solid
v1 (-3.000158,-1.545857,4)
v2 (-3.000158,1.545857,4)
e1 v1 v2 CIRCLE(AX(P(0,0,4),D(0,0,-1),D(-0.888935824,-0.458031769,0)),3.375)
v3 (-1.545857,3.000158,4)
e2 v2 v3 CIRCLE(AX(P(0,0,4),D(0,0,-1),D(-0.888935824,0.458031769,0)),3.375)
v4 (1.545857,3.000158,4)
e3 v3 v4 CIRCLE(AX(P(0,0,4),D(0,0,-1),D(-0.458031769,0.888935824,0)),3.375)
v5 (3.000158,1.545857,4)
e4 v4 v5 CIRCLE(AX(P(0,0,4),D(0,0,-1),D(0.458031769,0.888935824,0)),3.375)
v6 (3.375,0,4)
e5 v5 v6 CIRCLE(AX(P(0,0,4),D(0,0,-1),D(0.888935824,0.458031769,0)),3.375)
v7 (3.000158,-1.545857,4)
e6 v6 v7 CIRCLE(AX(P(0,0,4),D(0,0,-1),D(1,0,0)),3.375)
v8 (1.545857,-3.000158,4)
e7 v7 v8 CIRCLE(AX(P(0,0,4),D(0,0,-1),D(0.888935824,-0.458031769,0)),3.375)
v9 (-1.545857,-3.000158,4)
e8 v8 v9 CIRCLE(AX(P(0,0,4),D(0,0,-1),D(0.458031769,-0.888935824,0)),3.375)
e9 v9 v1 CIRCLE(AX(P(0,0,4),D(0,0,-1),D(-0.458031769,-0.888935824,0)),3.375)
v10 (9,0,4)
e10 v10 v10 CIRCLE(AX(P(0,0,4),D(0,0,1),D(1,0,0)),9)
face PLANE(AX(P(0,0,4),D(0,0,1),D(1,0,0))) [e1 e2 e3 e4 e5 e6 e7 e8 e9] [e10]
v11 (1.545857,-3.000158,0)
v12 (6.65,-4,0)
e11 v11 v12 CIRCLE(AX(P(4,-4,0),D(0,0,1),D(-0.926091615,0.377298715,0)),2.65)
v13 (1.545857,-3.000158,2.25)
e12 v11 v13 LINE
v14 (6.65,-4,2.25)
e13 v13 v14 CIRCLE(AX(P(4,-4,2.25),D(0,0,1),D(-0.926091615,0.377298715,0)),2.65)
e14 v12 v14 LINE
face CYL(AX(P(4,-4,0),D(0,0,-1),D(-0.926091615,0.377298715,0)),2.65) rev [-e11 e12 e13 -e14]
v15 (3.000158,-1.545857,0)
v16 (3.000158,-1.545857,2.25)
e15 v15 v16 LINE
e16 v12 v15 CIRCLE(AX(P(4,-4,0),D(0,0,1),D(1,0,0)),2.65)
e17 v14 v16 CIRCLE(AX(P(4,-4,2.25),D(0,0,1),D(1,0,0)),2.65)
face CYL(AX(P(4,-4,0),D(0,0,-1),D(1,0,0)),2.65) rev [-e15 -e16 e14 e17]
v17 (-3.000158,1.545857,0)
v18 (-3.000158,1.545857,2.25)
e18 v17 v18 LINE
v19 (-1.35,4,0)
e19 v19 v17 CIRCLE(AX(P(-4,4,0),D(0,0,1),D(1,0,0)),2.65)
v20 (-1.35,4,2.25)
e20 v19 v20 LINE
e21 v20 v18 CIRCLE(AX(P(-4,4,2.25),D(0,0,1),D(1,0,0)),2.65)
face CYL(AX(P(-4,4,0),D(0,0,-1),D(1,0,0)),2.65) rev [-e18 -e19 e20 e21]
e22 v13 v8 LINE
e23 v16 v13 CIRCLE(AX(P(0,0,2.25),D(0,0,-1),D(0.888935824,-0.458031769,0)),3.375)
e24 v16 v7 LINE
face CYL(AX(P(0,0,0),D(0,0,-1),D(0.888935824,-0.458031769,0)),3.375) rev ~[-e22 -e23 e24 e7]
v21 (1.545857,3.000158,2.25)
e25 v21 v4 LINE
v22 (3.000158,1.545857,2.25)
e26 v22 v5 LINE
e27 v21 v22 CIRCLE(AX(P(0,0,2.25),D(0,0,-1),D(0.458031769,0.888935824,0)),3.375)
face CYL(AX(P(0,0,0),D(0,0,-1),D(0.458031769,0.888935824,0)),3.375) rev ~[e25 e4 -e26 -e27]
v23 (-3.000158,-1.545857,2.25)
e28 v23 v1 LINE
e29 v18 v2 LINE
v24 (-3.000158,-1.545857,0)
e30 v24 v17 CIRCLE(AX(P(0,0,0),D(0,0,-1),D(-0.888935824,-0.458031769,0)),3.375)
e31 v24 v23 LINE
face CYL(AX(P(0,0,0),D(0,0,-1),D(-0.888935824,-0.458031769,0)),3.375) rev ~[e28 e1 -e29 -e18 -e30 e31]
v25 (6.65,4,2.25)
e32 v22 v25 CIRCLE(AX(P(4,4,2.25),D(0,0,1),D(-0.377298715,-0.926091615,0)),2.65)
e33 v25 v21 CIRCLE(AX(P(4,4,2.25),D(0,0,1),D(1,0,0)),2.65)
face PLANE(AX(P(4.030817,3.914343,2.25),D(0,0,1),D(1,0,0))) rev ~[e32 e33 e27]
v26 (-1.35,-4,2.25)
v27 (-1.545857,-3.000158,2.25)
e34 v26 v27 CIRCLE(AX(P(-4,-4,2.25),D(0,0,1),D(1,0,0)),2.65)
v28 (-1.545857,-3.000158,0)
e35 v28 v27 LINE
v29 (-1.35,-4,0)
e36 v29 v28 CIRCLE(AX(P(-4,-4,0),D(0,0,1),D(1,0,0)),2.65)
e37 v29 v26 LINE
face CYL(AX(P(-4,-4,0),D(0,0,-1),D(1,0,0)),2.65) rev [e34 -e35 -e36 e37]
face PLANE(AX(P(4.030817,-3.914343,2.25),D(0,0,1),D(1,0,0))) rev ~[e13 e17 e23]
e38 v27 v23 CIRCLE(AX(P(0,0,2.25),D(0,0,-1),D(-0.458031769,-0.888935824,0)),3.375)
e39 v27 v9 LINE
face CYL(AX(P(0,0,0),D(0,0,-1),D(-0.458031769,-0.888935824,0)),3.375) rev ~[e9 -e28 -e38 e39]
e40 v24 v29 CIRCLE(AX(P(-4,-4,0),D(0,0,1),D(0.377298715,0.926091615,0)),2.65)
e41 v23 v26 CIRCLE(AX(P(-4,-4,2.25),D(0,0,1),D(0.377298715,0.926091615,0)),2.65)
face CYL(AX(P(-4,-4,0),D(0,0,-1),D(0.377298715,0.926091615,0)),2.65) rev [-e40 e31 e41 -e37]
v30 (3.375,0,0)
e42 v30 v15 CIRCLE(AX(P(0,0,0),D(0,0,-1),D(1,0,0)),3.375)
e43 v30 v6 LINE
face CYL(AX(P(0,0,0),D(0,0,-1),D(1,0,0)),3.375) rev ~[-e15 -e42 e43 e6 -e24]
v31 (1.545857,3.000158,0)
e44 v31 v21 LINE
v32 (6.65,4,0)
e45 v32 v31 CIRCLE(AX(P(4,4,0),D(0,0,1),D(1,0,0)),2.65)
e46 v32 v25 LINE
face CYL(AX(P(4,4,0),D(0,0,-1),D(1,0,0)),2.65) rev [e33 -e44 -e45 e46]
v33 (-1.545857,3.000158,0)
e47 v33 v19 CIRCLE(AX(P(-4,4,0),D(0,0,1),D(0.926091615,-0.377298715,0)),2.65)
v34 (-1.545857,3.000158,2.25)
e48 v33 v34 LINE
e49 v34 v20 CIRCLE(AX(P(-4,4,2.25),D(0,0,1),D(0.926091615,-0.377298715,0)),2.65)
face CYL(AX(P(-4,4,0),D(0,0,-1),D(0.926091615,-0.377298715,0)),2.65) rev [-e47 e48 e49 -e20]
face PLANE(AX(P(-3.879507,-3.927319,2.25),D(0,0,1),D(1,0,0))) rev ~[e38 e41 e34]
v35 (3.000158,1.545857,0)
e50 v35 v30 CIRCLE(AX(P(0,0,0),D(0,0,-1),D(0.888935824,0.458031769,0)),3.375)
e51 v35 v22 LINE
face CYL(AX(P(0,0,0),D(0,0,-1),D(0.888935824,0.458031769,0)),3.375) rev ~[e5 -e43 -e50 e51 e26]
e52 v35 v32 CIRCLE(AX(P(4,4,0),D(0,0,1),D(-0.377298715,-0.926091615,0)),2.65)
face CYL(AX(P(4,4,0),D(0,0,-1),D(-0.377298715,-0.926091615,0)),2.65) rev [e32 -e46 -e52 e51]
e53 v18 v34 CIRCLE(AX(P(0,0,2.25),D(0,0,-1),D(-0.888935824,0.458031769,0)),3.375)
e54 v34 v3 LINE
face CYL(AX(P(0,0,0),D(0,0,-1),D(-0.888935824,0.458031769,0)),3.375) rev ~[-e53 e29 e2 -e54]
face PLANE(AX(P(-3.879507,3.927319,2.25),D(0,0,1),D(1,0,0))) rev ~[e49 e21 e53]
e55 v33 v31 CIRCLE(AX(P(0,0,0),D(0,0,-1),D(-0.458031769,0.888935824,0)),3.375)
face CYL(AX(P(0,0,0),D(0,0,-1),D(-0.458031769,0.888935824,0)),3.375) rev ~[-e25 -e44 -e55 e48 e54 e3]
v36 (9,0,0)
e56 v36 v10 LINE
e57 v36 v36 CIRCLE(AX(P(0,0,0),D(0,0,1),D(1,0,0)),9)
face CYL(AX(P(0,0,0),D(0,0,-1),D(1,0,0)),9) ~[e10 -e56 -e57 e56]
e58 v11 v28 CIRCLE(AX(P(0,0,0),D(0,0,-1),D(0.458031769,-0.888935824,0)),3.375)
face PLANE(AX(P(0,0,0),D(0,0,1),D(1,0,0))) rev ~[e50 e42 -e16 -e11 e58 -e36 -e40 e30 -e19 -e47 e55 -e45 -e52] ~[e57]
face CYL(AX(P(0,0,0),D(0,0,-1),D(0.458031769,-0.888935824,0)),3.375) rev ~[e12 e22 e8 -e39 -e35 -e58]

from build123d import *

# Parameters (mm, degrees)
F0_R     = 9
F1_DEPTH = 4
F2_DEPTH = 2.25


with BuildPart() as f1:
    # F0 (on Top) → F1 (new body)
    with BuildSketch(Plane.XY):
        Circle(F0_R)
        with BuildLine():
            ThreePointArc((3.0001584051, 1.5458572199), (3.27995119, 0.7953270971), (3.375, 0))
            ThreePointArc((3.375, 0), (3.27995119, -0.7953270971), (3.0001584051, -1.5458572199))
            ThreePointArc((3.0001584051, -1.5458572199), (5.4786682815, -1.8009001584), (6.65, -4))
            ThreePointArc((6.65, -4), (3.4905779585, -6.6005747795), (1.5458572199, -3.0001584051))
            ThreePointArc((1.5458572199, -3.0001584051), (0, -3.375), (-1.5458572199, -3.0001584051))
            ThreePointArc((-1.5458572199, -3.0001584051), (-1.3994252205, -3.4905779585), (-1.35, -4))
            ThreePointArc((-1.35, -4), (-6.1990998416, -5.4786682815), (-3.0001584051, -1.5458572199))
            ThreePointArc((-3.0001584051, -1.5458572199), (-3.375, 0), (-3.0001584051, 1.5458572199))
            ThreePointArc((-3.0001584051, 1.5458572199), (-6.1990998416, 5.4786682815), (-1.35, 4))
            ThreePointArc((-1.35, 4), (-1.3994252205, 3.4905779585), (-1.5458572199, 3.0001584051))
            ThreePointArc((-1.5458572199, 3.0001584051), (0, 3.375), (1.5458572199, 3.0001584051))
            ThreePointArc((1.5458572199, 3.0001584051), (3.4905779585, 6.6005747795), (6.65, 4))
            ThreePointArc((6.65, 4), (5.4786682815, 1.8009001584), (3.0001584051, 1.5458572199))
        make_face(mode=Mode.SUBTRACT)
        with BuildLine():
            ThreePointArc((-1.35, -4), (-1.3994252205, -3.4905779585), (-1.5458572199, -3.0001584051))
            ThreePointArc((-1.5458572199, -3.0001584051), (-2.3864853865, -2.3864853865), (-3.0001584051, -1.5458572199))
            ThreePointArc((-3.0001584051, -1.5458572199), (-6.1990998416, -5.4786682815), (-1.35, -4))
        make_face()
        with BuildLine():
            ThreePointArc((6.65, -4), (5.4786682815, -1.8009001584), (3.0001584051, -1.5458572199))
            ThreePointArc((3.0001584051, -1.5458572199), (2.3864853865, -2.3864853865), (1.5458572199, -3.0001584051))
            ThreePointArc((1.5458572199, -3.0001584051), (3.4905779585, -6.6005747795), (6.65, -4))
        make_face()
        with BuildLine():
            ThreePointArc((1.5458572199, 3.0001584051), (2.3864853865, 2.3864853865), (3.0001584051, 1.5458572199))
            ThreePointArc((3.0001584051, 1.5458572199), (5.4786682815, 1.8009001584), (6.65, 4))
            ThreePointArc((6.65, 4), (3.4905779585, 6.6005747795), (1.5458572199, 3.0001584051))
        make_face()
        with BuildLine():
            ThreePointArc((-3.0001584051, 1.5458572199), (-2.3864853865, 2.3864853865), (-1.5458572199, 3.0001584051))
            ThreePointArc((-1.5458572199, 3.0001584051), (-1.3994252205, 3.4905779585), (-1.35, 4))
            ThreePointArc((-1.35, 4), (-6.1990998416, 5.4786682815), (-3.0001584051, 1.5458572199))
        make_face()
    extrude(amount=F1_DEPTH)

    # F0 (on Top) → F2 (cut)
    with BuildSketch(Plane.XY):
        with BuildLine():
            ThreePointArc((-1.35, -4), (-1.3994252205, -3.4905779585), (-1.5458572199, -3.0001584051))
            ThreePointArc((-1.5458572199, -3.0001584051), (-2.3864853865, -2.3864853865), (-3.0001584051, -1.5458572199))
            ThreePointArc((-3.0001584051, -1.5458572199), (-6.1990998416, -5.4786682815), (-1.35, -4))
        make_face()
        with BuildLine():
            ThreePointArc((6.65, -4), (5.4786682815, -1.8009001584), (3.0001584051, -1.5458572199))
            ThreePointArc((3.0001584051, -1.5458572199), (2.3864853865, -2.3864853865), (1.5458572199, -3.0001584051))
            ThreePointArc((1.5458572199, -3.0001584051), (3.4905779585, -6.6005747795), (6.65, -4))
        make_face()
        with BuildLine():
            ThreePointArc((1.5458572199, 3.0001584051), (2.3864853865, 2.3864853865), (3.0001584051, 1.5458572199))
            ThreePointArc((3.0001584051, 1.5458572199), (5.4786682815, 1.8009001584), (6.65, 4))
            ThreePointArc((6.65, 4), (3.4905779585, 6.6005747795), (1.5458572199, 3.0001584051))
        make_face()
        with BuildLine():
            ThreePointArc((-3.0001584051, 1.5458572199), (-2.3864853865, 2.3864853865), (-1.5458572199, 3.0001584051))
            ThreePointArc((-1.5458572199, 3.0001584051), (-1.3994252205, 3.4905779585), (-1.35, 4))
            ThreePointArc((-1.35, 4), (-6.1990998416, 5.4786682815), (-3.0001584051, 1.5458572199))
        make_face()
    extrude(amount=F2_DEPTH, mode=Mode.SUBTRACT)


solid = f1.part
